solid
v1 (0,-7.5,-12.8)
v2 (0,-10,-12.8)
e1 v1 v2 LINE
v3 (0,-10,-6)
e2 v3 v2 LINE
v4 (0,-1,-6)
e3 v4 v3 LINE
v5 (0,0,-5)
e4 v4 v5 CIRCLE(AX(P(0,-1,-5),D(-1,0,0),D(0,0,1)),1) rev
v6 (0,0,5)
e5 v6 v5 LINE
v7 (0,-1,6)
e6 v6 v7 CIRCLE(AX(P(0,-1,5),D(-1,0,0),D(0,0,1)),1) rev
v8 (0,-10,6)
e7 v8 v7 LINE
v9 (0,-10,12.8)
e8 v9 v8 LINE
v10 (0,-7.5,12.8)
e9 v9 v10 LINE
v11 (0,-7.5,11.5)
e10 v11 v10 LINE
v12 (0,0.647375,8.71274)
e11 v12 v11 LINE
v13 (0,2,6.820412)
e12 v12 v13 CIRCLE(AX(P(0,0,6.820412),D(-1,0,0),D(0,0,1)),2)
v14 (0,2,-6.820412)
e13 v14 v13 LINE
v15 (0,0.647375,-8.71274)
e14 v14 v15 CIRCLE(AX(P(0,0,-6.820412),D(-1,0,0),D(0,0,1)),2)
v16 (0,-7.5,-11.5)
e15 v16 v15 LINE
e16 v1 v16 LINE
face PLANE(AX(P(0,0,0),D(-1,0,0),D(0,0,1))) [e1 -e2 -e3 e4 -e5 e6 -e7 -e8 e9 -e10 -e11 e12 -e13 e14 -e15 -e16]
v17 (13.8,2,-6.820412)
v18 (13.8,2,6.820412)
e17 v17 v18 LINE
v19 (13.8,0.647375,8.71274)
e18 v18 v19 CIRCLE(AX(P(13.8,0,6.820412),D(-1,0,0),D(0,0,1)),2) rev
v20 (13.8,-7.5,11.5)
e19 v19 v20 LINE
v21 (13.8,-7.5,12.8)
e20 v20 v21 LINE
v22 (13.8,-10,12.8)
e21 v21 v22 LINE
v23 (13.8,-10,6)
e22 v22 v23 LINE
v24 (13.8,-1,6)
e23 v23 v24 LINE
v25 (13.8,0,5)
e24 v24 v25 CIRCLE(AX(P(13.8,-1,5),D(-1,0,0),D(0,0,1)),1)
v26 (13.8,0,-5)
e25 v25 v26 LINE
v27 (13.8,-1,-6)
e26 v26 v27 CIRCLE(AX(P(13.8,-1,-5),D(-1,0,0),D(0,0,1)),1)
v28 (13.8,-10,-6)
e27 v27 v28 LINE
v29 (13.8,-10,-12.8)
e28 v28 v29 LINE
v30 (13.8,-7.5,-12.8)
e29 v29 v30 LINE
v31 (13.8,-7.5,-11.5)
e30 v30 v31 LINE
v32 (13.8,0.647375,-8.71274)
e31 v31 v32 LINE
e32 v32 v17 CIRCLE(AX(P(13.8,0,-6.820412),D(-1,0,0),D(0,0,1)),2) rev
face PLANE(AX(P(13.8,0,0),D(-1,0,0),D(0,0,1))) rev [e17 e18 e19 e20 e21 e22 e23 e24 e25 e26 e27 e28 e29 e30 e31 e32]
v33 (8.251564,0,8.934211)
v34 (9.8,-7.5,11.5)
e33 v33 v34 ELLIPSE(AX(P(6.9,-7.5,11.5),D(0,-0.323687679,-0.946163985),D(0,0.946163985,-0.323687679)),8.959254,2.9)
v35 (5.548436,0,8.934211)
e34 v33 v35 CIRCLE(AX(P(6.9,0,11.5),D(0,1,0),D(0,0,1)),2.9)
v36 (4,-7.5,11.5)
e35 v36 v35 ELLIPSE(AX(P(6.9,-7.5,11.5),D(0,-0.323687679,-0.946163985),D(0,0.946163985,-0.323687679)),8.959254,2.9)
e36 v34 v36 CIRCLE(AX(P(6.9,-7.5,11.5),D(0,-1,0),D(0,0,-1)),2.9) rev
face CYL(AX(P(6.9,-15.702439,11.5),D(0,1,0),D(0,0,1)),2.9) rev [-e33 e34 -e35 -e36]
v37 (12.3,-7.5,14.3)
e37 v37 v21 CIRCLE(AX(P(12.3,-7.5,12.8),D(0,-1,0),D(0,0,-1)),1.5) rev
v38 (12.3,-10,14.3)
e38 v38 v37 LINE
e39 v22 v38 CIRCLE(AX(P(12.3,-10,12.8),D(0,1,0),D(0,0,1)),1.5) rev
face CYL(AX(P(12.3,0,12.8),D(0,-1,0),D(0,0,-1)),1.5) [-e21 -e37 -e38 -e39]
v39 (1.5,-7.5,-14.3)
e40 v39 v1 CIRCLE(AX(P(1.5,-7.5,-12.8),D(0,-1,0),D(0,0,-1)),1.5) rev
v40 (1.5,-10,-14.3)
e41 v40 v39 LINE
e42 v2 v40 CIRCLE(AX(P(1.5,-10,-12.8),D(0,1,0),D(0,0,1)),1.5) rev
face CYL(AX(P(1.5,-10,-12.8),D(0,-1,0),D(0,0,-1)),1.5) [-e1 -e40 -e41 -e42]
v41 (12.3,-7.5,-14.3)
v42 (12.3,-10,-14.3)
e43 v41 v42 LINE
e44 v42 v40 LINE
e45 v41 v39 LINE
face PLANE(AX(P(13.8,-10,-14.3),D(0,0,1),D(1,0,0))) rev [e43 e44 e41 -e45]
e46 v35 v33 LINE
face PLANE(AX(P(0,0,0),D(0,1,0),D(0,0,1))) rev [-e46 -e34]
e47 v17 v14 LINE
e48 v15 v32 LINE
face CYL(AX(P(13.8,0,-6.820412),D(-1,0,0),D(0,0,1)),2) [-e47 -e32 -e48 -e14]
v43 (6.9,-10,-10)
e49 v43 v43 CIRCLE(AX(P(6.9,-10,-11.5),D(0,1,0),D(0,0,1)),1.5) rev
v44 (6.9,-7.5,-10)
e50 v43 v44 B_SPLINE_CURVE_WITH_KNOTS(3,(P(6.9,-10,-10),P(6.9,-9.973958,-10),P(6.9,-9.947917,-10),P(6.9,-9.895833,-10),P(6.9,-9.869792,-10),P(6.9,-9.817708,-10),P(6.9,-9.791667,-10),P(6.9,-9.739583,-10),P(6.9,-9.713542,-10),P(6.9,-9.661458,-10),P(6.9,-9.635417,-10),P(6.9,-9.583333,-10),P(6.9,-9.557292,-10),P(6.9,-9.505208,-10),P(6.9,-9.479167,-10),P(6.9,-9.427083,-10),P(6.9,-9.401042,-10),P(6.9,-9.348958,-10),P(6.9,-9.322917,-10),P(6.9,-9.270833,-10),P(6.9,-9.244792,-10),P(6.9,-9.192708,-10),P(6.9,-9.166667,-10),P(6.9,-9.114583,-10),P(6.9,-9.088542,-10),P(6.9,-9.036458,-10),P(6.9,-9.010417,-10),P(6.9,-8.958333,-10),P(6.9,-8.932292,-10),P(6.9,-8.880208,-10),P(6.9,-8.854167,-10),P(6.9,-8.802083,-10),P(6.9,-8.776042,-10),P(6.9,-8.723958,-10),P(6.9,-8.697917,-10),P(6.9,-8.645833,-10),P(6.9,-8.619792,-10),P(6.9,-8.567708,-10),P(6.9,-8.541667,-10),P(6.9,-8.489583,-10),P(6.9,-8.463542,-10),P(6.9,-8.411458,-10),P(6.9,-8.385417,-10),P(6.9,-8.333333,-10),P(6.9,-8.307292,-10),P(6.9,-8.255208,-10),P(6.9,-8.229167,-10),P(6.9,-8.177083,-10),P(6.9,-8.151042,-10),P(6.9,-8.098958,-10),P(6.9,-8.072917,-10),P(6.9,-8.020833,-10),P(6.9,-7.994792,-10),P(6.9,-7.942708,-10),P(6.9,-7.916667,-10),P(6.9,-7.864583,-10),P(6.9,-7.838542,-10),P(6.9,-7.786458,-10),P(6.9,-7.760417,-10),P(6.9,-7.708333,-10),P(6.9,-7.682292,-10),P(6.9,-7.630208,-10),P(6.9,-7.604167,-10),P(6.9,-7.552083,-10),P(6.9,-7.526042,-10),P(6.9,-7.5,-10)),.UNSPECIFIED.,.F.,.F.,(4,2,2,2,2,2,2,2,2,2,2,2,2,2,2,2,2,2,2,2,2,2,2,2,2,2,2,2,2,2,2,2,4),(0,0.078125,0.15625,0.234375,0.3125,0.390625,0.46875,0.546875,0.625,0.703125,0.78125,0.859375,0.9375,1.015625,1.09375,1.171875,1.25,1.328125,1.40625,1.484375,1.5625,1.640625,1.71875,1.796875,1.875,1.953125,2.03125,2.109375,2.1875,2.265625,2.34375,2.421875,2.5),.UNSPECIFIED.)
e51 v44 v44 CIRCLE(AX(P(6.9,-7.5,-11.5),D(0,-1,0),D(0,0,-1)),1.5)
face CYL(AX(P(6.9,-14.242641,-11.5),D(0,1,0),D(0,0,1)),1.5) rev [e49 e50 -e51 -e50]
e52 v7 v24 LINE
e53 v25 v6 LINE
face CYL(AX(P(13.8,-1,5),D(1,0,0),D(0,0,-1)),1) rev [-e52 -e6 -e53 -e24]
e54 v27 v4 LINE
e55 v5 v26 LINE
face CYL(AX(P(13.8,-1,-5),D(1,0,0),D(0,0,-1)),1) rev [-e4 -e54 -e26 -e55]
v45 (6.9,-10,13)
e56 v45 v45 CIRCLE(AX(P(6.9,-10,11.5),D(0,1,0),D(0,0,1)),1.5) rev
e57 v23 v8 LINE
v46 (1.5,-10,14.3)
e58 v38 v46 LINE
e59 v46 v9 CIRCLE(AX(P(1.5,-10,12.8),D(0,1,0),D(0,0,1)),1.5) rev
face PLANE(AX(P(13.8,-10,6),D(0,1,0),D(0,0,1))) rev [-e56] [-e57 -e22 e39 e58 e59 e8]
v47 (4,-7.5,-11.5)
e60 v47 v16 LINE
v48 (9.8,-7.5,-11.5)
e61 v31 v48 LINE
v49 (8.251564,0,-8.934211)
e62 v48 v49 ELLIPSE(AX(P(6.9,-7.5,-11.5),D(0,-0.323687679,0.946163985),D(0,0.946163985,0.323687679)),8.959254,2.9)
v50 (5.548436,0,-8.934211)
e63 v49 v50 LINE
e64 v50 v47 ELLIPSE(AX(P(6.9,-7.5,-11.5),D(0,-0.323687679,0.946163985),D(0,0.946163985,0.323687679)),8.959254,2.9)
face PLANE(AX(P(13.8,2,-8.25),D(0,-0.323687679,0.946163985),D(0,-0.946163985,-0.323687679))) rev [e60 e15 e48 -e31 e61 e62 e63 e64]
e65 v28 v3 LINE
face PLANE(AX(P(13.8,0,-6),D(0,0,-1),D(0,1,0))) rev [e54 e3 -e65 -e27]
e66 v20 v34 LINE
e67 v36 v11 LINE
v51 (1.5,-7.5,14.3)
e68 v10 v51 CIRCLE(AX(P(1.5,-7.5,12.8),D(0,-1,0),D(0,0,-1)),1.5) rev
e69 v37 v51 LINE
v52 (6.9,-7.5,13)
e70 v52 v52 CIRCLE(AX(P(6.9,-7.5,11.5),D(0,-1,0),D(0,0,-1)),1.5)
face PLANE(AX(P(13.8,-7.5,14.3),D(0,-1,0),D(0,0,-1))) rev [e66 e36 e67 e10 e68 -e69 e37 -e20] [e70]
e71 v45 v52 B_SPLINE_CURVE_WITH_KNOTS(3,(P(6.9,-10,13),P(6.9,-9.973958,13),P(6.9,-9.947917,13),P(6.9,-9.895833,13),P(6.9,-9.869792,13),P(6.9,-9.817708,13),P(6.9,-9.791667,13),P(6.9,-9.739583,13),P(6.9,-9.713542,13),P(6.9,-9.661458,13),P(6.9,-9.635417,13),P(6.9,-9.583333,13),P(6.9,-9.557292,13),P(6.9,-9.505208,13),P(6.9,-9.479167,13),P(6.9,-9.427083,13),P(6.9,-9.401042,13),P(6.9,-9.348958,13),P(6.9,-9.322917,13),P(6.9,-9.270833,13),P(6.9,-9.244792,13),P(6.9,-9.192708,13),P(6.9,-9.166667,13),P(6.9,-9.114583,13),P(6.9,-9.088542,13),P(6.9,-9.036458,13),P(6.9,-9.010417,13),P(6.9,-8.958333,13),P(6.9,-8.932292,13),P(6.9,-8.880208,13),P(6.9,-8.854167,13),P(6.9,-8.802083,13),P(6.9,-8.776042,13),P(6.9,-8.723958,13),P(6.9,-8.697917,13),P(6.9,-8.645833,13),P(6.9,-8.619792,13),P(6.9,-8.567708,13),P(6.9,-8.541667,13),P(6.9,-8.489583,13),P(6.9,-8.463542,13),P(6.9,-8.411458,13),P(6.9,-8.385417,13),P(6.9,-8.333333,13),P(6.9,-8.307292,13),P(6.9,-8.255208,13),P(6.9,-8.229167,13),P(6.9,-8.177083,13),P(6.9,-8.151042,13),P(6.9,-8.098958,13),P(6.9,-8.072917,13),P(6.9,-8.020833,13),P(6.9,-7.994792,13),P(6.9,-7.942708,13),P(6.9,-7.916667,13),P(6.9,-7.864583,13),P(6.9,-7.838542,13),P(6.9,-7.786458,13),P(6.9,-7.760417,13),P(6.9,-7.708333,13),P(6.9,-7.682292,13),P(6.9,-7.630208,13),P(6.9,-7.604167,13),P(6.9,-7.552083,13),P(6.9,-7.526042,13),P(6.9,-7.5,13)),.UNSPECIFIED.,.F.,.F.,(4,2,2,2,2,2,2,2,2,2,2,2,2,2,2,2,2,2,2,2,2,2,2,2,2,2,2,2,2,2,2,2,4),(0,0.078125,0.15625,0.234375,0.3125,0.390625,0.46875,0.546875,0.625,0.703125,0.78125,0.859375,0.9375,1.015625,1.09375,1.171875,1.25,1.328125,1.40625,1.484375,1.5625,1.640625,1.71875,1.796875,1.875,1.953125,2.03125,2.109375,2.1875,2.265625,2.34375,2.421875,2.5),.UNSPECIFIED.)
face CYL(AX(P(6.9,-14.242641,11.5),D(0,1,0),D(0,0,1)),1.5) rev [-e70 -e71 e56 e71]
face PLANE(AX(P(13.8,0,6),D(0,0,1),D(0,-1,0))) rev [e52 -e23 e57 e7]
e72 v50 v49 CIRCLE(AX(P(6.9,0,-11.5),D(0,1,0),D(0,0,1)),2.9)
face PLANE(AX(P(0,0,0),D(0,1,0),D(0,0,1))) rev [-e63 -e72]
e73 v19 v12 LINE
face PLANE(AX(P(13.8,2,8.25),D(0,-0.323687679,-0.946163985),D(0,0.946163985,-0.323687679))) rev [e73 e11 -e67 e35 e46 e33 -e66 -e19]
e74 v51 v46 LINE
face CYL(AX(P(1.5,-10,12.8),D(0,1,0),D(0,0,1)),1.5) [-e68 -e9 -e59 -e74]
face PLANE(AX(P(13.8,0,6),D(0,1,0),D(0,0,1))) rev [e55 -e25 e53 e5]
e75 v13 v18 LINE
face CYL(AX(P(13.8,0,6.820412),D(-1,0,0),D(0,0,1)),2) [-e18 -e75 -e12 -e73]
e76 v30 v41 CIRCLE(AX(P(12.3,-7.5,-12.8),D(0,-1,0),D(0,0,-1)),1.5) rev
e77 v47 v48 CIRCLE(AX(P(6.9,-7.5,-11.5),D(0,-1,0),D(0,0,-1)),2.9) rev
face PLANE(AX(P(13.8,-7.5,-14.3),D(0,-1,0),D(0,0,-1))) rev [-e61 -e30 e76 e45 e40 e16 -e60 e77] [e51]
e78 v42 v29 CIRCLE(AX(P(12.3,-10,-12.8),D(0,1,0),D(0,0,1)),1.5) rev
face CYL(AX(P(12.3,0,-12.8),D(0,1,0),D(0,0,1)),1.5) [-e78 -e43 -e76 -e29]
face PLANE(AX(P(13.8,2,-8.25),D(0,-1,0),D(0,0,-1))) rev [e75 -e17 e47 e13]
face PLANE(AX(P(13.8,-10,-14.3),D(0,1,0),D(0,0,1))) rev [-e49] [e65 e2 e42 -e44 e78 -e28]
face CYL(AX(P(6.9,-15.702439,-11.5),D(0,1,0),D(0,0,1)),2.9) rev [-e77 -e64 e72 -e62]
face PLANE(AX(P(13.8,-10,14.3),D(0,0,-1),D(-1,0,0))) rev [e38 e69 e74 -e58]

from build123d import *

# Parameters (mm, degrees)
SALIENTE_EXTRUIR1_DEPTH = 13.8
CROQUIS3_R              = 1.5
CORTAR_EXTRUIR1_DEPTH   = 10
CROQUIS3_3_R            = 2.9
CROQUIS3_3_R_2          = 1.5
CORTAR_EXTRUIR2_DEPTH   = 7.5
REDONDEO1_R             = 1
REDONDEO2_R             = 2
REDONDEO3_R             = 1.5


with BuildPart() as part:
    # Croquis1 → Saliente-Extruir1 (new body)
    with BuildSketch(Plane(origin=(0, 0, 0), x_dir=(0, 0, -1), z_dir=(1, 0, 0))):
        Polygon((-6, 0), (6, 0), (6, -10), (14.3, -10), (14.3, -7.5), (11.5, -7.5), (8.25, 2), (-8.25, 2), (-11.5, -7.5), (-14.3, -7.5), (-14.3, -10), (-6, -10), align=None)
    extrude(amount=SALIENTE_EXTRUIR1_DEPTH)

    # Croquis3 → Cortar-Extruir1 (cut)
    with BuildSketch(Plane(origin=(0, 0, 0), x_dir=(1, 0, 0), z_dir=(0, 1, 0))):
        with Locations(Location((6.9, -11.5, 0), (0, 0, 270))):
            Circle(CROQUIS3_R)
        with Locations(Location((6.9, 11.5, 0), (0, 0, 270))):
            Circle(CROQUIS3_R)
    extrude(amount=-CORTAR_EXTRUIR1_DEPTH, mode=Mode.SUBTRACT)

    # Croquis3<3> → Cortar-Extruir2 (cut)
    # profile 1 of 2: a face of its own
    with BuildSketch(Plane(origin=(0, 0, 0), x_dir=(1, 0, 0), z_dir=(0, 1, 0))):
        with Locations((6.9, -11.5)):
            Circle(CROQUIS3_3_R)
        with Locations(Location((6.9, -11.5, 0), (0, 0, 270))):
            Circle(CROQUIS3_3_R_2, mode=Mode.SUBTRACT)
    # profile 2 of 2: a face of its own
    with BuildSketch(Plane(origin=(0, 0, 0), x_dir=(1, 0, 0), z_dir=(0, 1, 0))):
        with Locations((6.9, 11.5)):
            Circle(CROQUIS3_3_R)
        with Locations(Location((6.9, 11.5, 0), (0, 0, 270))):
            Circle(CROQUIS3_3_R_2, mode=Mode.SUBTRACT)
    extrude(amount=-CORTAR_EXTRUIR2_DEPTH, mode=Mode.SUBTRACT)

    # Redondeo1
    redondeo1_edges = [part.edges().sort_by_distance(p)[0] for p in [
        (6.9, 0, -6),
        (6.9, 0, 6),
    ]]
    fillet(redondeo1_edges, radius=REDONDEO1_R)

    # Redondeo2
    redondeo2_edges = [part.edges().sort_by_distance(p)[0] for p in [
        (6.9, 2, 8.25),
        (6.9, 2, -8.25),
    ]]
    fillet(redondeo2_edges, radius=REDONDEO2_R)

    # Redondeo3
    redondeo3_edges = [part.edges().sort_by_distance(p)[0] for p in [
        (13.8, -8.75, -14.3),
        (0, -8.75, 14.3),
        (0, -8.75, -14.3),
        (13.8, -8.75, 14.3),
    ]]
    fillet(redondeo3_edges, radius=REDONDEO3_R)


solid = part.part
